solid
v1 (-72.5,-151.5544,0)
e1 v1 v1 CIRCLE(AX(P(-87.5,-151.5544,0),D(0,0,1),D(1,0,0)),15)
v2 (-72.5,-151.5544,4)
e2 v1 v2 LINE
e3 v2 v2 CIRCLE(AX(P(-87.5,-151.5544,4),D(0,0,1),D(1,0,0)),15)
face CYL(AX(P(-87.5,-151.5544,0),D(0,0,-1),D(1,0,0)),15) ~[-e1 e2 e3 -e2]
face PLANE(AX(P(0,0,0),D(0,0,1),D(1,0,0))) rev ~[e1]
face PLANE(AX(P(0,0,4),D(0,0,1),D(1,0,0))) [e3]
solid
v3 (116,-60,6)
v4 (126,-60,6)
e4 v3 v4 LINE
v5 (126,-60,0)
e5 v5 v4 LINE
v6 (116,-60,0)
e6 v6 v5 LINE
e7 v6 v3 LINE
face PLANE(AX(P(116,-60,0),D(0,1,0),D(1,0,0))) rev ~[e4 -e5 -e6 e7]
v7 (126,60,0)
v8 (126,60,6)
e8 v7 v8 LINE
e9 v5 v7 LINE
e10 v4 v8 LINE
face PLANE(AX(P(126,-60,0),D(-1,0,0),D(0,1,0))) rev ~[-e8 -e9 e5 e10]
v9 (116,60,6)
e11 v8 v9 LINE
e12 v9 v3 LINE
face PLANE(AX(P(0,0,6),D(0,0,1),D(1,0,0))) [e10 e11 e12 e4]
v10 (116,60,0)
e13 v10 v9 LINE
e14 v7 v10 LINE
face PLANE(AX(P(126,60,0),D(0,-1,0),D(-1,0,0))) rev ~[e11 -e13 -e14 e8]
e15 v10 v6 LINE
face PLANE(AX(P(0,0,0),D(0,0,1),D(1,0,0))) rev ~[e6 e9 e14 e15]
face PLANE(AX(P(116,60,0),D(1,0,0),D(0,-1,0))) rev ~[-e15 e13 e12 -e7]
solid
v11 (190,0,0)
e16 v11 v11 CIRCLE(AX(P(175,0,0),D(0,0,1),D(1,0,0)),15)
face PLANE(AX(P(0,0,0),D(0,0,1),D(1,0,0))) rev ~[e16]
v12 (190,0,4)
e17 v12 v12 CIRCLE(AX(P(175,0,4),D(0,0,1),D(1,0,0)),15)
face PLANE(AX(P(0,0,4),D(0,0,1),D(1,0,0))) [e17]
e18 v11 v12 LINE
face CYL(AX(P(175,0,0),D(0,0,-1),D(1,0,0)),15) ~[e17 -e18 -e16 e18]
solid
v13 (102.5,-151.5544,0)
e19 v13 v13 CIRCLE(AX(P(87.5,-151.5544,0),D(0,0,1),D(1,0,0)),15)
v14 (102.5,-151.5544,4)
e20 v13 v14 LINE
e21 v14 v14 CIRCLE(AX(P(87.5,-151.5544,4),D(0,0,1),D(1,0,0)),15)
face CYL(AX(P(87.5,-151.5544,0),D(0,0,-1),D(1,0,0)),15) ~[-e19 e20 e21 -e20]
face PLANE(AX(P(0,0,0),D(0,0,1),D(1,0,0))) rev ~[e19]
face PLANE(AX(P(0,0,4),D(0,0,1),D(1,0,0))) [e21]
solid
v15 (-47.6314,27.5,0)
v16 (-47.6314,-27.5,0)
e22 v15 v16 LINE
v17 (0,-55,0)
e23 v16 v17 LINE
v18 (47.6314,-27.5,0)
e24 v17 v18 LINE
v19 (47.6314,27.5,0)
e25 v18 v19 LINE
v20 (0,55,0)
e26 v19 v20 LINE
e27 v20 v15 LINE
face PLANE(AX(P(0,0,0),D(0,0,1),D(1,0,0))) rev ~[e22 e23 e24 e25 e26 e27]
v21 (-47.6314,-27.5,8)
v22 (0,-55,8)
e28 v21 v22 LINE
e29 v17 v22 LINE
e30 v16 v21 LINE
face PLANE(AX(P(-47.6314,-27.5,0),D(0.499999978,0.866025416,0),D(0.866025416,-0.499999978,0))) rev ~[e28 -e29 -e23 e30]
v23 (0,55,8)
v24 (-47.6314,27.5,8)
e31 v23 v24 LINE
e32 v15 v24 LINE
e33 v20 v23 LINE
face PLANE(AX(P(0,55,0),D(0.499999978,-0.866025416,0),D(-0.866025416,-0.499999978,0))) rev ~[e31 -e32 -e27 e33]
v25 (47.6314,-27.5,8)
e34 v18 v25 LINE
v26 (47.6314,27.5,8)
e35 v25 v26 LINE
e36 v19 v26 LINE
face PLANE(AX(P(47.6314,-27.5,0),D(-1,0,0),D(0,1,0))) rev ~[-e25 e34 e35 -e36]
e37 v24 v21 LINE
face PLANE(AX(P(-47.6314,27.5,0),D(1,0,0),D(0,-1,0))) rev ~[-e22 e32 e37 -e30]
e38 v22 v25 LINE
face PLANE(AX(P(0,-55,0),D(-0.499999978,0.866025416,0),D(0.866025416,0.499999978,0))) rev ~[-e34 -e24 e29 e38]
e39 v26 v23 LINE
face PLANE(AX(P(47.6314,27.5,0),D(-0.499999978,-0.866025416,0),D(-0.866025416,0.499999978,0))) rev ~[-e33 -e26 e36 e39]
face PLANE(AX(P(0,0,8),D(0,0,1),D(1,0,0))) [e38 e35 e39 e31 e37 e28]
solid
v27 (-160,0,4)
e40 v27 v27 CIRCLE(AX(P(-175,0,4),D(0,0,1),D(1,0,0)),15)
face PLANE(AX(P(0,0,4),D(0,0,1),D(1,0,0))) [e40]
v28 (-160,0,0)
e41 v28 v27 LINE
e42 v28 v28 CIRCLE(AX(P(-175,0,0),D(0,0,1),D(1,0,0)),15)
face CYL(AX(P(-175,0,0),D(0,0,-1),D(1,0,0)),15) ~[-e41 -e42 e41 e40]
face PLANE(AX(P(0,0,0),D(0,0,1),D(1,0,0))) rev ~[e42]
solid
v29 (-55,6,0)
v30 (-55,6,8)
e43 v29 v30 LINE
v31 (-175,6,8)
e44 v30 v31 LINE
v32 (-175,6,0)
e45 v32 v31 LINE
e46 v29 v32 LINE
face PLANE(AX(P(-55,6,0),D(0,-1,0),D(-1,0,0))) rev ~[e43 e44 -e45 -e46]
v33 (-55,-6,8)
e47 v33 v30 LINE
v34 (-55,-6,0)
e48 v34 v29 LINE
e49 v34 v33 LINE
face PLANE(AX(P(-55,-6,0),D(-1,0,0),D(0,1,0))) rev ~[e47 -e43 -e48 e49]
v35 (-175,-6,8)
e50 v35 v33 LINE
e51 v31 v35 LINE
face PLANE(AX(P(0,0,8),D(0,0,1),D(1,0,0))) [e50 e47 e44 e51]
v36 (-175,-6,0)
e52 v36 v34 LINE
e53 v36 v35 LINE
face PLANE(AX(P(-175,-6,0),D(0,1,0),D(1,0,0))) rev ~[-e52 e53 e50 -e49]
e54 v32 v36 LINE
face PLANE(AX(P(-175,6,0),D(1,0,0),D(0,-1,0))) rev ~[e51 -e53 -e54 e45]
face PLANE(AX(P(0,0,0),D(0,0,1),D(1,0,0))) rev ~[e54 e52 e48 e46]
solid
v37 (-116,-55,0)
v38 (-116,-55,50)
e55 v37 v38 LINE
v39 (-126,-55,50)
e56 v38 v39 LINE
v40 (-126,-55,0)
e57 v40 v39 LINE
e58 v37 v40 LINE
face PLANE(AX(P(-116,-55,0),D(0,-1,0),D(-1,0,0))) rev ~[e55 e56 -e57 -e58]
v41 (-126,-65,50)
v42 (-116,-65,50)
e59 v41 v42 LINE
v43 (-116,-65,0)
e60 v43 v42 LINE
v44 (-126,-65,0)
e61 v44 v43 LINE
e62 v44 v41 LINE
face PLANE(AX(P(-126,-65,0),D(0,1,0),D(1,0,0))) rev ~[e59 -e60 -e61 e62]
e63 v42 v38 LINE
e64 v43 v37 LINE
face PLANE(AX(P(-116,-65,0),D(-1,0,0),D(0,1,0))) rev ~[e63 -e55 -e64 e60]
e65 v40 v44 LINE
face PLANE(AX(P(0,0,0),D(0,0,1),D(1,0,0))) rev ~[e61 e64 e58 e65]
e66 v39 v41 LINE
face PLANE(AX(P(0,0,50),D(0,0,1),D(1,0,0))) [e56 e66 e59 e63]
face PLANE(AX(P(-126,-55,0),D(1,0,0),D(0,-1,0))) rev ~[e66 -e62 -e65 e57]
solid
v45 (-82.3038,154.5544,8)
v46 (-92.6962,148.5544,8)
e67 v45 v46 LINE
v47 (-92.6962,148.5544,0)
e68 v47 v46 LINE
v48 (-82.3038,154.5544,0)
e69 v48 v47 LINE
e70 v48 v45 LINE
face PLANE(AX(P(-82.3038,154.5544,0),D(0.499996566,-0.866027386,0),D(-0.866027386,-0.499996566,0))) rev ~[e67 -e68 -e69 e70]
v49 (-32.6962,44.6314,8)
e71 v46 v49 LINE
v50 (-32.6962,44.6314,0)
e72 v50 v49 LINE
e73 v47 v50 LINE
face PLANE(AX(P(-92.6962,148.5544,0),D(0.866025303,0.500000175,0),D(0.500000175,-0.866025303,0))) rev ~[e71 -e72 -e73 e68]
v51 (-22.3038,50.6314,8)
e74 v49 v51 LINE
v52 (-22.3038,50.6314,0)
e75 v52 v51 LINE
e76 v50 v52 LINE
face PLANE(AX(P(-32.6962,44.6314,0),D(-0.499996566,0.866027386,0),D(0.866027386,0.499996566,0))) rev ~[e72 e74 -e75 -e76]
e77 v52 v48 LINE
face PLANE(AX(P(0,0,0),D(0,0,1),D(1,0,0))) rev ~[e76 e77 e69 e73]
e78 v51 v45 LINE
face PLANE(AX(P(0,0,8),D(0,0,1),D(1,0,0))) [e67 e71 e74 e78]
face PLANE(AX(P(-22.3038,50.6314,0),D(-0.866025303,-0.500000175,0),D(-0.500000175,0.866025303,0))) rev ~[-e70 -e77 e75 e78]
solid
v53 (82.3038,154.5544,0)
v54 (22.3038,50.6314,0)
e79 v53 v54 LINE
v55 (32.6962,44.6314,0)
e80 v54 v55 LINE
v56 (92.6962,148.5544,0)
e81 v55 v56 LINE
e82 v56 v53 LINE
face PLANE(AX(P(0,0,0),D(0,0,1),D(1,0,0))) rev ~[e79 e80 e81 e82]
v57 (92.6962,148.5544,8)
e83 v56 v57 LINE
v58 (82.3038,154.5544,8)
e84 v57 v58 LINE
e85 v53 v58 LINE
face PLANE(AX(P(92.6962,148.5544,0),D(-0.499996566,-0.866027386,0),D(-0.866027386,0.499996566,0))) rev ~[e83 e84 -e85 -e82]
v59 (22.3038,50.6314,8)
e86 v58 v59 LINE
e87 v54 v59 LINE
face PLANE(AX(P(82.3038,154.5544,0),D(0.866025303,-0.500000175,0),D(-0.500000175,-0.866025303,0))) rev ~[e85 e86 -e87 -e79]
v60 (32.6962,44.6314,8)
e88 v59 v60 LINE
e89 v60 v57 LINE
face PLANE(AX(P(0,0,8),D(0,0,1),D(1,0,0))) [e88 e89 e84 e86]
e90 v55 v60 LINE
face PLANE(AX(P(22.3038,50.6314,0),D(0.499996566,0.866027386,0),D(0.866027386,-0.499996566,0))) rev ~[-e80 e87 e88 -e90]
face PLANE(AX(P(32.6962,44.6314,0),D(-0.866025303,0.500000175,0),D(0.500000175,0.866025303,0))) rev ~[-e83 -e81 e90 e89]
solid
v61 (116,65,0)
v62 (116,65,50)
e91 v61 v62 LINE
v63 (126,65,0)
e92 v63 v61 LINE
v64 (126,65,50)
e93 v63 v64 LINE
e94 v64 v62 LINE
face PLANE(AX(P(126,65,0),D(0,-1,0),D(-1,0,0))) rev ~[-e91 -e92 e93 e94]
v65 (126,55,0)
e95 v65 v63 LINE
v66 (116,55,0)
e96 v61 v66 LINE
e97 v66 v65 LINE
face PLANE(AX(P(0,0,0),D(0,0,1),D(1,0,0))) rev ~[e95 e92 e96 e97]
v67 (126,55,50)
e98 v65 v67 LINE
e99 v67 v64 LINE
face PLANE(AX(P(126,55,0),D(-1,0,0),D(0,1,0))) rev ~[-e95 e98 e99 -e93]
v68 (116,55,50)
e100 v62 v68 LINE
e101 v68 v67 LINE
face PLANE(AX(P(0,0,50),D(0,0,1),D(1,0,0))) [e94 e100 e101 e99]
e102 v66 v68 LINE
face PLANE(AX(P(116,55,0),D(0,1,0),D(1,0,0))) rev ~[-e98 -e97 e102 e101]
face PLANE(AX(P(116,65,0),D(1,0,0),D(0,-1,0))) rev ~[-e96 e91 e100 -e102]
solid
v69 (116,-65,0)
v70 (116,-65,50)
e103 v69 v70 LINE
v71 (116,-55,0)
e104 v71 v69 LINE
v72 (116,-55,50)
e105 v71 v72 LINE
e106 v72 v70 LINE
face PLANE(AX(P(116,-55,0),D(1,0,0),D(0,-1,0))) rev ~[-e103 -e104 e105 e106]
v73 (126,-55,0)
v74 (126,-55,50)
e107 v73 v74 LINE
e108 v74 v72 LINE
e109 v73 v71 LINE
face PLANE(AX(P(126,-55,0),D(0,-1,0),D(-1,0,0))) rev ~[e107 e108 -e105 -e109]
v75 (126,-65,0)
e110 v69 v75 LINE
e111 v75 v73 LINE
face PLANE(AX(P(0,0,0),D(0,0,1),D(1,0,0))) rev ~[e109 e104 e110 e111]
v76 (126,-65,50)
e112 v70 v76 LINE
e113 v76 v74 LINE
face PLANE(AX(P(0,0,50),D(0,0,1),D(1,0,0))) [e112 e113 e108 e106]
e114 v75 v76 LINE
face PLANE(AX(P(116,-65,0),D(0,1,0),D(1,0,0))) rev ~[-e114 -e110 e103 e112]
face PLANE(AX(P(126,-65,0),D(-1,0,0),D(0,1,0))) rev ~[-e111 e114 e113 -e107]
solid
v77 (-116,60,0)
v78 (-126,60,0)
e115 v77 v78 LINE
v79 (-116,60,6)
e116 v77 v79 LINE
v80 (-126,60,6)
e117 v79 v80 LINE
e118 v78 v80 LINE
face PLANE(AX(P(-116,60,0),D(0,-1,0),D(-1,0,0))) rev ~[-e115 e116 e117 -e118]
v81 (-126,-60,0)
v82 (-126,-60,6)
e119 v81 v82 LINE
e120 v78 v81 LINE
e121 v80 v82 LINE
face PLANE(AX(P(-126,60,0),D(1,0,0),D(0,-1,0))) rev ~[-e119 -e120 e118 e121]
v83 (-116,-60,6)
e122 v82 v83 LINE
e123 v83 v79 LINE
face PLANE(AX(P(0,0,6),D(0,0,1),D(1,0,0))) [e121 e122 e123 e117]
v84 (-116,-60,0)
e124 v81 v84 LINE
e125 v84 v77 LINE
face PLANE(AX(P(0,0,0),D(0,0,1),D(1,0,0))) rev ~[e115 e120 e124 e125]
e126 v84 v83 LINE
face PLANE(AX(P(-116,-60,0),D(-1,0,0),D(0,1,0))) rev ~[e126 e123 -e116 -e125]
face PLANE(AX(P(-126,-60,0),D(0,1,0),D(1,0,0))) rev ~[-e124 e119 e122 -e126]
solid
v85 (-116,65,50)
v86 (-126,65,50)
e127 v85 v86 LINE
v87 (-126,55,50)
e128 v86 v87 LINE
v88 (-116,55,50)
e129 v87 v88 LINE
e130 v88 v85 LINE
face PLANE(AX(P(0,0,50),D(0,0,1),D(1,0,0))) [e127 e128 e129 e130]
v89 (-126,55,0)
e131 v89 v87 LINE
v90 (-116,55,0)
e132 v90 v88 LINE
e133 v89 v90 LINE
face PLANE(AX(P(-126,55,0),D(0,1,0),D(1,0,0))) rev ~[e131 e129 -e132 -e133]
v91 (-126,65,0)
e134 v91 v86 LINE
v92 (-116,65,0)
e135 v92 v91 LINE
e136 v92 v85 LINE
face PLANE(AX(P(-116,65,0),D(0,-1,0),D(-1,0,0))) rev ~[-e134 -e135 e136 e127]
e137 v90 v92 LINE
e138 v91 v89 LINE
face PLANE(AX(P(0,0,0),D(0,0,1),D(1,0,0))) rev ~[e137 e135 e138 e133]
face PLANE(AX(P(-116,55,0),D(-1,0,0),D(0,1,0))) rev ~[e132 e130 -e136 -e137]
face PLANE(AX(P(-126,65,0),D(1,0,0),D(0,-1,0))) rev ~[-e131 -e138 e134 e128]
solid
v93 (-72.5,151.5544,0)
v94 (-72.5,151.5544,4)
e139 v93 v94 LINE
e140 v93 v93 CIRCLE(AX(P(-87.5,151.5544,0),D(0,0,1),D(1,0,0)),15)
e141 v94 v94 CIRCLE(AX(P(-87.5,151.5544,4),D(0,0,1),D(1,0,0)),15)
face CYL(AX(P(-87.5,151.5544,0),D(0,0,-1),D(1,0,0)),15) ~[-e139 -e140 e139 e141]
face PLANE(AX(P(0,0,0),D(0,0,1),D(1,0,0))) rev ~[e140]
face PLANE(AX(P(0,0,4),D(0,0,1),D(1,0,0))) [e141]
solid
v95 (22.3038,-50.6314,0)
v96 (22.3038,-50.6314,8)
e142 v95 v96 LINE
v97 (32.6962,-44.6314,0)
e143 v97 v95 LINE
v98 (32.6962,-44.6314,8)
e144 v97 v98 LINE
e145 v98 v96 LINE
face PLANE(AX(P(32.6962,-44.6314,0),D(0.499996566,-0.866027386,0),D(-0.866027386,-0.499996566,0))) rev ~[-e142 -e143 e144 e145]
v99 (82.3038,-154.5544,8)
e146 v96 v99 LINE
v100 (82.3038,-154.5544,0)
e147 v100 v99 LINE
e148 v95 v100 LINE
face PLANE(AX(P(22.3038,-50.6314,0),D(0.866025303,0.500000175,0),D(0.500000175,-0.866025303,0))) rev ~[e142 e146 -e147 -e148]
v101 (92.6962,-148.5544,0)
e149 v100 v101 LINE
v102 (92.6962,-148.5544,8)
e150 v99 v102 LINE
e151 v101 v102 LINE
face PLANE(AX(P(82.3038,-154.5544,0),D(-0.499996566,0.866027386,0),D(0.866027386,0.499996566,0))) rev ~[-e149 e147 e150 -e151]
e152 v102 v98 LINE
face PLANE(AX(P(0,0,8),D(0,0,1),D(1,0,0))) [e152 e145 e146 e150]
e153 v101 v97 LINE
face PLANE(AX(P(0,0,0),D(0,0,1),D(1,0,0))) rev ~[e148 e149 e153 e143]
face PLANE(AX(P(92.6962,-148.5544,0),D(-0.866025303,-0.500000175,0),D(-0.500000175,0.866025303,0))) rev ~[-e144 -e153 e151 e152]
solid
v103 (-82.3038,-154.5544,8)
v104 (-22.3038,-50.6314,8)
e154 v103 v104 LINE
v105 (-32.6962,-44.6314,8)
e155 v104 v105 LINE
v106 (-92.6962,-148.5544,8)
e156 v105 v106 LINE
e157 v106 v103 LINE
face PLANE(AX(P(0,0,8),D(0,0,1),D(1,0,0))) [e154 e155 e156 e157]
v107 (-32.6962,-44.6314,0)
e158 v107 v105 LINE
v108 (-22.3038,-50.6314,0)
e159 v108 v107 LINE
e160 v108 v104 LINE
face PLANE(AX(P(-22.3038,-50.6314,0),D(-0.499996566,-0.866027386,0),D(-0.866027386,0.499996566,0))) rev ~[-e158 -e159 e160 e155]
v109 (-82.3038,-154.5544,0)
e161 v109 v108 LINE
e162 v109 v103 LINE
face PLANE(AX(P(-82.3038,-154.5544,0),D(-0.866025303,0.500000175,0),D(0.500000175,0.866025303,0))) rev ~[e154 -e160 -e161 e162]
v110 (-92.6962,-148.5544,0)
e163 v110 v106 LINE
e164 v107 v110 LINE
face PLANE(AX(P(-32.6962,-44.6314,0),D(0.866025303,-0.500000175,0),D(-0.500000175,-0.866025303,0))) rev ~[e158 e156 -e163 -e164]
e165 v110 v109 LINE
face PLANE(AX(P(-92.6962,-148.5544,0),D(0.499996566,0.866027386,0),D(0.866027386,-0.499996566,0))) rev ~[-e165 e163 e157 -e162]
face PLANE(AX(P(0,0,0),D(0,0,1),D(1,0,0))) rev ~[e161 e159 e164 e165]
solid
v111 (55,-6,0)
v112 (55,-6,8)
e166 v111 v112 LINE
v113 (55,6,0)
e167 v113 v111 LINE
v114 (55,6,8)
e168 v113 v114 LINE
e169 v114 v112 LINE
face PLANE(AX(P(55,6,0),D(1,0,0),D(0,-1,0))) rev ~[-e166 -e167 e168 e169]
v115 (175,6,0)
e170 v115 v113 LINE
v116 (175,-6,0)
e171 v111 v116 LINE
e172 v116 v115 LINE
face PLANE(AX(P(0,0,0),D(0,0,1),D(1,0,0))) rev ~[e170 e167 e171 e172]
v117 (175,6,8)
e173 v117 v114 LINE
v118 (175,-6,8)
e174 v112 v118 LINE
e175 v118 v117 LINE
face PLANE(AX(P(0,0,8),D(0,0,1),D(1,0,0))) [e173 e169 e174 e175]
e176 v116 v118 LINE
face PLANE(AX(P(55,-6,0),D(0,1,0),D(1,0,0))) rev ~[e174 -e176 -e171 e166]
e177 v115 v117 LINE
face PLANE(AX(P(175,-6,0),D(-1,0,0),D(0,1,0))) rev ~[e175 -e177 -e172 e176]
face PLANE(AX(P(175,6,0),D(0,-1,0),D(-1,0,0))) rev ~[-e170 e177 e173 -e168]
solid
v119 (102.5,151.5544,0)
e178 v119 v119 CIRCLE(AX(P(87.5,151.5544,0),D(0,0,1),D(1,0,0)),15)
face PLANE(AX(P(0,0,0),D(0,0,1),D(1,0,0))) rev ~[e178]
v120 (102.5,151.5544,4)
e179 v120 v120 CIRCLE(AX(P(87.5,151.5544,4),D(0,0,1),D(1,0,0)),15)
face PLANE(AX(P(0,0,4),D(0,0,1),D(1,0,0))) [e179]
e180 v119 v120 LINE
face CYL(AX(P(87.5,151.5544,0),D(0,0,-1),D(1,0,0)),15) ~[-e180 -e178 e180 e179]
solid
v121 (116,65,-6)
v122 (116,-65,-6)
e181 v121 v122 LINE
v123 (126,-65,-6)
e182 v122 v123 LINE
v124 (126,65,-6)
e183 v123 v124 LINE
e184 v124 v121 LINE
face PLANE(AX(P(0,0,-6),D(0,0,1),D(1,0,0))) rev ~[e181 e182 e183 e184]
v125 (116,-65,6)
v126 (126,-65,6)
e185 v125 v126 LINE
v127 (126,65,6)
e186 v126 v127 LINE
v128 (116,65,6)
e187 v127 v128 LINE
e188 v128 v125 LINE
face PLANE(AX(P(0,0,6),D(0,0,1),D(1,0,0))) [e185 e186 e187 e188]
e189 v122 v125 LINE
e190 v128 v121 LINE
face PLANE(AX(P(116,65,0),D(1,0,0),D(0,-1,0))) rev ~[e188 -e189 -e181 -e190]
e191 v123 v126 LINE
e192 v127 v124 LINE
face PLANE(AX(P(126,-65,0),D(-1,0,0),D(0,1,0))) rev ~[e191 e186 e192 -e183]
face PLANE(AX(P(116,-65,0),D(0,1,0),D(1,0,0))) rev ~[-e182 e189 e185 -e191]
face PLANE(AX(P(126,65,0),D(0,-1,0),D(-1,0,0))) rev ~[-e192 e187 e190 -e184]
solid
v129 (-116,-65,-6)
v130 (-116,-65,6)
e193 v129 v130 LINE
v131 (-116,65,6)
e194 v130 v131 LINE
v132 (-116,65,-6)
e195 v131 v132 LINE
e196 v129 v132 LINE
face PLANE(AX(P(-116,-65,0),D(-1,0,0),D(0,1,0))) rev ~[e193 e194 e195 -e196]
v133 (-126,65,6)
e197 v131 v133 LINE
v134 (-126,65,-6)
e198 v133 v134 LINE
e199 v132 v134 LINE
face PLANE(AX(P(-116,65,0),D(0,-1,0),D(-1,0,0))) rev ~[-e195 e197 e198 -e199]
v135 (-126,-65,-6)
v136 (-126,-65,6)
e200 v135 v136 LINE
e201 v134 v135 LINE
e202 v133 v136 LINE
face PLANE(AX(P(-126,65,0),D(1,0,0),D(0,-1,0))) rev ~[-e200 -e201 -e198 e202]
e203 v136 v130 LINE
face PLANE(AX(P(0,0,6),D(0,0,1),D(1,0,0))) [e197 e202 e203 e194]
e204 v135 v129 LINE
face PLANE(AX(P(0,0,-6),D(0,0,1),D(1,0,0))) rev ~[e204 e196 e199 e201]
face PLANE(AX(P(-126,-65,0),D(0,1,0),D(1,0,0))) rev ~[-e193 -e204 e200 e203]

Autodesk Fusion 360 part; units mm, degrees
sketch "Sketch1" plane through (0, 0, 0) normal (0, 0, 1) x (1, 0, 0)
  line L0 (47.6314, 27.5) -> (0, 55)
  line L1 (0, 55) -> (-47.6314, 27.5)
  line L2 (-47.6314, 27.5) -> (-47.6314, -27.5)
  line L3 (-47.6314, -27.5) -> (0, -55)
  line L4 (0, -55) -> (47.6314, -27.5)
  line L5 (47.6314, -27.5) -> (47.6314, 27.5)
extrude "Extrude1" add sketch "Sketch1" along normal blind 8 makes body 1
sketch "Sketch2" plane through (0, 0, 0) normal (0, 0, 1) x (1, 0, 0)
  line L0 (55, 6) -> (55, -6)
  line L1 (55, -6) -> (175, -6)
  line L2 (175, -6) -> (175, 6)
  line L3 (175, 6) -> (55, 6)
extrude "Extrude2" add sketch "Sketch2" along normal blind 8 separate body makes body 2
sketch "Sketch3" plane through (0, 0, 0) normal (0, 0, 1) x (1, 0, 0)
  circle A0 centre (175, 0) radius 15
extrude "Extrude3" add sketch "Sketch3" along normal blind 4 separate body makes body 3
sketch "Sketch4" plane through (0, 0, 0) normal (0, 0, 1) x (1, 0, 0)
  line L0 (22.3038, 50.6314) -> (32.6962, 44.6314)
  line L1 (32.6962, 44.6314) -> (92.6962, 148.5544)
  line L2 (92.6962, 148.5544) -> (82.3038, 154.5544)
  line L3 (82.3038, 154.5544) -> (22.3038, 50.6314)
extrude "Extrude4" add sketch "Sketch4" along normal blind 8 separate body makes body 4
sketch "Sketch5" plane through (0, 0, 0) normal (0, 0, 1) x (1, 0, 0)
  circle A0 centre (87.5, 151.5544) radius 15
extrude "Extrude5" add sketch "Sketch5" along normal blind 4 separate body makes body 5
sketch "Sketch6" plane through (0, 0, 0) normal (0, 0, 1) x (1, 0, 0)
  line L0 (-32.6962, 44.6314) -> (-22.3038, 50.6314)
  line L1 (-22.3038, 50.6314) -> (-82.3038, 154.5544)
  line L2 (-82.3038, 154.5544) -> (-92.6962, 148.5544)
  line L3 (-92.6962, 148.5544) -> (-32.6962, 44.6314)
extrude "Extrude6" add sketch "Sketch6" along normal blind 8 separate body makes body 6
sketch "Sketch7" plane through (0, 0, 0) normal (0, 0, 1) x (1, 0, 0)
  circle A0 centre (-87.5, 151.5544) radius 15
extrude "Extrude7" add sketch "Sketch7" along normal blind 4 separate body makes body 7
sketch "Sketch8" plane through (0, 0, 0) normal (0, 0, 1) x (1, 0, 0)
  line L0 (-55, -6) -> (-55, 6)
  line L1 (-55, 6) -> (-175, 6)
  line L2 (-175, 6) -> (-175, -6)
  line L3 (-175, -6) -> (-55, -6)
extrude "Extrude8" add sketch "Sketch8" along normal blind 8 separate body makes body 8
sketch "Sketch9" plane through (0, 0, 0) normal (0, 0, 1) x (1, 0, 0)
  circle A0 centre (-175, 0) radius 15
extrude "Extrude9" add sketch "Sketch9" along normal blind 4 separate body makes body 9
sketch "Sketch10" plane through (0, 0, 0) normal (0, 0, 1) x (1, 0, 0)
  line L0 (-22.3038, -50.6314) -> (-32.6962, -44.6314)
  line L1 (-32.6962, -44.6314) -> (-92.6962, -148.5544)
  line L2 (-92.6962, -148.5544) -> (-82.3038, -154.5544)
  line L3 (-82.3038, -154.5544) -> (-22.3038, -50.6314)
extrude "Extrude10" add sketch "Sketch10" along normal blind 8 separate body makes body 10
sketch "Sketch11" plane through (0, 0, 0) normal (0, 0, 1) x (1, 0, 0)
  circle A0 centre (-87.5, -151.5544) radius 15
extrude "Extrude11" add sketch "Sketch11" along normal blind 4 separate body makes body 11
sketch "Sketch12" plane through (0, 0, 0) normal (0, 0, 1) x (1, 0, 0)
  line L0 (32.6962, -44.6314) -> (22.3038, -50.6314)
  line L1 (22.3038, -50.6314) -> (82.3038, -154.5544)
  line L2 (82.3038, -154.5544) -> (92.6962, -148.5544)
  line L3 (92.6962, -148.5544) -> (32.6962, -44.6314)
extrude "Extrude12" add sketch "Sketch12" along normal blind 8 separate body makes body 12
sketch "Sketch13" plane through (0, 0, 0) normal (0, 0, 1) x (1, 0, 0)
  circle A0 centre (87.5, -151.5544) radius 15
extrude "Extrude13" add sketch "Sketch13" along normal blind 4 separate body makes body 13
sketch "Sketch14" plane through (0, 0, 0) normal (0, 0, 1) x (1, 0, 0)
  line L0 (-126, 55) -> (-116, 55)
  line L1 (-116, 55) -> (-116, 65)
  line L2 (-116, 65) -> (-126, 65)
  line L3 (-126, 65) -> (-126, 55)
extrude "Extrude14" add sketch "Sketch14" along normal blind 50 separate body makes body 14
sketch "Sketch15" plane through (0, 0, 0) normal (0, 0, 1) x (1, 0, 0)
  line L0 (-126, -65) -> (-116, -65)
  line L1 (-116, -65) -> (-116, -55)
  line L2 (-116, -55) -> (-126, -55)
  line L3 (-126, -55) -> (-126, -65)
extrude "Extrude15" add sketch "Sketch15" along normal blind 50 separate body makes body 15
sketch "Sketch16" plane through (0, 0, 0) normal (0, 0, 1) x (1, 0, 0)
  line L0 (-126, -65) -> (-116, -65)
  line L1 (-116, -65) -> (-116, 65)
  line L2 (-116, 65) -> (-126, 65)
  line L3 (-126, 65) -> (-126, -65)
extrude "Extrude16" add sketch "Sketch16" along normal mid plane 12 separate body makes body 16
sketch "Sketch17" plane through (0, 0, 0) normal (0, 0, 1) x (1, 0, 0)
  line L0 (-126, -60) -> (-116, -60)
  line L1 (-116, -60) -> (-116, 60)
  line L2 (-116, 60) -> (-126, 60)
  line L3 (-126, 60) -> (-126, -60)
extrude "Extrude17" add sketch "Sketch17" along normal blind 6 separate body makes body 17
sketch "Sketch18" plane through (0, 0, 0) normal (0, 0, 1) x (1, 0, 0)
  line L0 (116, 55) -> (126, 55)
  line L1 (126, 55) -> (126, 65)
  line L2 (126, 65) -> (116, 65)
  line L3 (116, 65) -> (116, 55)
extrude "Extrude18" add sketch "Sketch18" along normal blind 50 separate body makes body 18
sketch "Sketch19" plane through (0, 0, 0) normal (0, 0, 1) x (1, 0, 0)
  line L0 (116, -65) -> (126, -65)
  line L1 (126, -65) -> (126, -55)
  line L2 (126, -55) -> (116, -55)
  line L3 (116, -55) -> (116, -65)
extrude "Extrude19" add sketch "Sketch19" along normal blind 50 separate body makes body 19
sketch "Sketch20" plane through (0, 0, 0) normal (0, 0, 1) x (1, 0, 0)
  line L0 (116, -65) -> (126, -65)
  line L1 (126, -65) -> (126, 65)
  line L2 (126, 65) -> (116, 65)
  line L3 (116, 65) -> (116, -65)
extrude "Extrude20" add sketch "Sketch20" along normal mid plane 12 separate body makes body 20
sketch "Sketch21" plane through (0, 0, 0) normal (0, 0, 1) x (1, 0, 0)
  line L0 (116, -60) -> (126, -60)
  line L1 (126, -60) -> (126, 60)
  line L2 (126, 60) -> (116, 60)
  line L3 (116, 60) -> (116, -60)
extrude "Extrude21" add sketch "Sketch21" along normal blind 6 separate body makes body 21
